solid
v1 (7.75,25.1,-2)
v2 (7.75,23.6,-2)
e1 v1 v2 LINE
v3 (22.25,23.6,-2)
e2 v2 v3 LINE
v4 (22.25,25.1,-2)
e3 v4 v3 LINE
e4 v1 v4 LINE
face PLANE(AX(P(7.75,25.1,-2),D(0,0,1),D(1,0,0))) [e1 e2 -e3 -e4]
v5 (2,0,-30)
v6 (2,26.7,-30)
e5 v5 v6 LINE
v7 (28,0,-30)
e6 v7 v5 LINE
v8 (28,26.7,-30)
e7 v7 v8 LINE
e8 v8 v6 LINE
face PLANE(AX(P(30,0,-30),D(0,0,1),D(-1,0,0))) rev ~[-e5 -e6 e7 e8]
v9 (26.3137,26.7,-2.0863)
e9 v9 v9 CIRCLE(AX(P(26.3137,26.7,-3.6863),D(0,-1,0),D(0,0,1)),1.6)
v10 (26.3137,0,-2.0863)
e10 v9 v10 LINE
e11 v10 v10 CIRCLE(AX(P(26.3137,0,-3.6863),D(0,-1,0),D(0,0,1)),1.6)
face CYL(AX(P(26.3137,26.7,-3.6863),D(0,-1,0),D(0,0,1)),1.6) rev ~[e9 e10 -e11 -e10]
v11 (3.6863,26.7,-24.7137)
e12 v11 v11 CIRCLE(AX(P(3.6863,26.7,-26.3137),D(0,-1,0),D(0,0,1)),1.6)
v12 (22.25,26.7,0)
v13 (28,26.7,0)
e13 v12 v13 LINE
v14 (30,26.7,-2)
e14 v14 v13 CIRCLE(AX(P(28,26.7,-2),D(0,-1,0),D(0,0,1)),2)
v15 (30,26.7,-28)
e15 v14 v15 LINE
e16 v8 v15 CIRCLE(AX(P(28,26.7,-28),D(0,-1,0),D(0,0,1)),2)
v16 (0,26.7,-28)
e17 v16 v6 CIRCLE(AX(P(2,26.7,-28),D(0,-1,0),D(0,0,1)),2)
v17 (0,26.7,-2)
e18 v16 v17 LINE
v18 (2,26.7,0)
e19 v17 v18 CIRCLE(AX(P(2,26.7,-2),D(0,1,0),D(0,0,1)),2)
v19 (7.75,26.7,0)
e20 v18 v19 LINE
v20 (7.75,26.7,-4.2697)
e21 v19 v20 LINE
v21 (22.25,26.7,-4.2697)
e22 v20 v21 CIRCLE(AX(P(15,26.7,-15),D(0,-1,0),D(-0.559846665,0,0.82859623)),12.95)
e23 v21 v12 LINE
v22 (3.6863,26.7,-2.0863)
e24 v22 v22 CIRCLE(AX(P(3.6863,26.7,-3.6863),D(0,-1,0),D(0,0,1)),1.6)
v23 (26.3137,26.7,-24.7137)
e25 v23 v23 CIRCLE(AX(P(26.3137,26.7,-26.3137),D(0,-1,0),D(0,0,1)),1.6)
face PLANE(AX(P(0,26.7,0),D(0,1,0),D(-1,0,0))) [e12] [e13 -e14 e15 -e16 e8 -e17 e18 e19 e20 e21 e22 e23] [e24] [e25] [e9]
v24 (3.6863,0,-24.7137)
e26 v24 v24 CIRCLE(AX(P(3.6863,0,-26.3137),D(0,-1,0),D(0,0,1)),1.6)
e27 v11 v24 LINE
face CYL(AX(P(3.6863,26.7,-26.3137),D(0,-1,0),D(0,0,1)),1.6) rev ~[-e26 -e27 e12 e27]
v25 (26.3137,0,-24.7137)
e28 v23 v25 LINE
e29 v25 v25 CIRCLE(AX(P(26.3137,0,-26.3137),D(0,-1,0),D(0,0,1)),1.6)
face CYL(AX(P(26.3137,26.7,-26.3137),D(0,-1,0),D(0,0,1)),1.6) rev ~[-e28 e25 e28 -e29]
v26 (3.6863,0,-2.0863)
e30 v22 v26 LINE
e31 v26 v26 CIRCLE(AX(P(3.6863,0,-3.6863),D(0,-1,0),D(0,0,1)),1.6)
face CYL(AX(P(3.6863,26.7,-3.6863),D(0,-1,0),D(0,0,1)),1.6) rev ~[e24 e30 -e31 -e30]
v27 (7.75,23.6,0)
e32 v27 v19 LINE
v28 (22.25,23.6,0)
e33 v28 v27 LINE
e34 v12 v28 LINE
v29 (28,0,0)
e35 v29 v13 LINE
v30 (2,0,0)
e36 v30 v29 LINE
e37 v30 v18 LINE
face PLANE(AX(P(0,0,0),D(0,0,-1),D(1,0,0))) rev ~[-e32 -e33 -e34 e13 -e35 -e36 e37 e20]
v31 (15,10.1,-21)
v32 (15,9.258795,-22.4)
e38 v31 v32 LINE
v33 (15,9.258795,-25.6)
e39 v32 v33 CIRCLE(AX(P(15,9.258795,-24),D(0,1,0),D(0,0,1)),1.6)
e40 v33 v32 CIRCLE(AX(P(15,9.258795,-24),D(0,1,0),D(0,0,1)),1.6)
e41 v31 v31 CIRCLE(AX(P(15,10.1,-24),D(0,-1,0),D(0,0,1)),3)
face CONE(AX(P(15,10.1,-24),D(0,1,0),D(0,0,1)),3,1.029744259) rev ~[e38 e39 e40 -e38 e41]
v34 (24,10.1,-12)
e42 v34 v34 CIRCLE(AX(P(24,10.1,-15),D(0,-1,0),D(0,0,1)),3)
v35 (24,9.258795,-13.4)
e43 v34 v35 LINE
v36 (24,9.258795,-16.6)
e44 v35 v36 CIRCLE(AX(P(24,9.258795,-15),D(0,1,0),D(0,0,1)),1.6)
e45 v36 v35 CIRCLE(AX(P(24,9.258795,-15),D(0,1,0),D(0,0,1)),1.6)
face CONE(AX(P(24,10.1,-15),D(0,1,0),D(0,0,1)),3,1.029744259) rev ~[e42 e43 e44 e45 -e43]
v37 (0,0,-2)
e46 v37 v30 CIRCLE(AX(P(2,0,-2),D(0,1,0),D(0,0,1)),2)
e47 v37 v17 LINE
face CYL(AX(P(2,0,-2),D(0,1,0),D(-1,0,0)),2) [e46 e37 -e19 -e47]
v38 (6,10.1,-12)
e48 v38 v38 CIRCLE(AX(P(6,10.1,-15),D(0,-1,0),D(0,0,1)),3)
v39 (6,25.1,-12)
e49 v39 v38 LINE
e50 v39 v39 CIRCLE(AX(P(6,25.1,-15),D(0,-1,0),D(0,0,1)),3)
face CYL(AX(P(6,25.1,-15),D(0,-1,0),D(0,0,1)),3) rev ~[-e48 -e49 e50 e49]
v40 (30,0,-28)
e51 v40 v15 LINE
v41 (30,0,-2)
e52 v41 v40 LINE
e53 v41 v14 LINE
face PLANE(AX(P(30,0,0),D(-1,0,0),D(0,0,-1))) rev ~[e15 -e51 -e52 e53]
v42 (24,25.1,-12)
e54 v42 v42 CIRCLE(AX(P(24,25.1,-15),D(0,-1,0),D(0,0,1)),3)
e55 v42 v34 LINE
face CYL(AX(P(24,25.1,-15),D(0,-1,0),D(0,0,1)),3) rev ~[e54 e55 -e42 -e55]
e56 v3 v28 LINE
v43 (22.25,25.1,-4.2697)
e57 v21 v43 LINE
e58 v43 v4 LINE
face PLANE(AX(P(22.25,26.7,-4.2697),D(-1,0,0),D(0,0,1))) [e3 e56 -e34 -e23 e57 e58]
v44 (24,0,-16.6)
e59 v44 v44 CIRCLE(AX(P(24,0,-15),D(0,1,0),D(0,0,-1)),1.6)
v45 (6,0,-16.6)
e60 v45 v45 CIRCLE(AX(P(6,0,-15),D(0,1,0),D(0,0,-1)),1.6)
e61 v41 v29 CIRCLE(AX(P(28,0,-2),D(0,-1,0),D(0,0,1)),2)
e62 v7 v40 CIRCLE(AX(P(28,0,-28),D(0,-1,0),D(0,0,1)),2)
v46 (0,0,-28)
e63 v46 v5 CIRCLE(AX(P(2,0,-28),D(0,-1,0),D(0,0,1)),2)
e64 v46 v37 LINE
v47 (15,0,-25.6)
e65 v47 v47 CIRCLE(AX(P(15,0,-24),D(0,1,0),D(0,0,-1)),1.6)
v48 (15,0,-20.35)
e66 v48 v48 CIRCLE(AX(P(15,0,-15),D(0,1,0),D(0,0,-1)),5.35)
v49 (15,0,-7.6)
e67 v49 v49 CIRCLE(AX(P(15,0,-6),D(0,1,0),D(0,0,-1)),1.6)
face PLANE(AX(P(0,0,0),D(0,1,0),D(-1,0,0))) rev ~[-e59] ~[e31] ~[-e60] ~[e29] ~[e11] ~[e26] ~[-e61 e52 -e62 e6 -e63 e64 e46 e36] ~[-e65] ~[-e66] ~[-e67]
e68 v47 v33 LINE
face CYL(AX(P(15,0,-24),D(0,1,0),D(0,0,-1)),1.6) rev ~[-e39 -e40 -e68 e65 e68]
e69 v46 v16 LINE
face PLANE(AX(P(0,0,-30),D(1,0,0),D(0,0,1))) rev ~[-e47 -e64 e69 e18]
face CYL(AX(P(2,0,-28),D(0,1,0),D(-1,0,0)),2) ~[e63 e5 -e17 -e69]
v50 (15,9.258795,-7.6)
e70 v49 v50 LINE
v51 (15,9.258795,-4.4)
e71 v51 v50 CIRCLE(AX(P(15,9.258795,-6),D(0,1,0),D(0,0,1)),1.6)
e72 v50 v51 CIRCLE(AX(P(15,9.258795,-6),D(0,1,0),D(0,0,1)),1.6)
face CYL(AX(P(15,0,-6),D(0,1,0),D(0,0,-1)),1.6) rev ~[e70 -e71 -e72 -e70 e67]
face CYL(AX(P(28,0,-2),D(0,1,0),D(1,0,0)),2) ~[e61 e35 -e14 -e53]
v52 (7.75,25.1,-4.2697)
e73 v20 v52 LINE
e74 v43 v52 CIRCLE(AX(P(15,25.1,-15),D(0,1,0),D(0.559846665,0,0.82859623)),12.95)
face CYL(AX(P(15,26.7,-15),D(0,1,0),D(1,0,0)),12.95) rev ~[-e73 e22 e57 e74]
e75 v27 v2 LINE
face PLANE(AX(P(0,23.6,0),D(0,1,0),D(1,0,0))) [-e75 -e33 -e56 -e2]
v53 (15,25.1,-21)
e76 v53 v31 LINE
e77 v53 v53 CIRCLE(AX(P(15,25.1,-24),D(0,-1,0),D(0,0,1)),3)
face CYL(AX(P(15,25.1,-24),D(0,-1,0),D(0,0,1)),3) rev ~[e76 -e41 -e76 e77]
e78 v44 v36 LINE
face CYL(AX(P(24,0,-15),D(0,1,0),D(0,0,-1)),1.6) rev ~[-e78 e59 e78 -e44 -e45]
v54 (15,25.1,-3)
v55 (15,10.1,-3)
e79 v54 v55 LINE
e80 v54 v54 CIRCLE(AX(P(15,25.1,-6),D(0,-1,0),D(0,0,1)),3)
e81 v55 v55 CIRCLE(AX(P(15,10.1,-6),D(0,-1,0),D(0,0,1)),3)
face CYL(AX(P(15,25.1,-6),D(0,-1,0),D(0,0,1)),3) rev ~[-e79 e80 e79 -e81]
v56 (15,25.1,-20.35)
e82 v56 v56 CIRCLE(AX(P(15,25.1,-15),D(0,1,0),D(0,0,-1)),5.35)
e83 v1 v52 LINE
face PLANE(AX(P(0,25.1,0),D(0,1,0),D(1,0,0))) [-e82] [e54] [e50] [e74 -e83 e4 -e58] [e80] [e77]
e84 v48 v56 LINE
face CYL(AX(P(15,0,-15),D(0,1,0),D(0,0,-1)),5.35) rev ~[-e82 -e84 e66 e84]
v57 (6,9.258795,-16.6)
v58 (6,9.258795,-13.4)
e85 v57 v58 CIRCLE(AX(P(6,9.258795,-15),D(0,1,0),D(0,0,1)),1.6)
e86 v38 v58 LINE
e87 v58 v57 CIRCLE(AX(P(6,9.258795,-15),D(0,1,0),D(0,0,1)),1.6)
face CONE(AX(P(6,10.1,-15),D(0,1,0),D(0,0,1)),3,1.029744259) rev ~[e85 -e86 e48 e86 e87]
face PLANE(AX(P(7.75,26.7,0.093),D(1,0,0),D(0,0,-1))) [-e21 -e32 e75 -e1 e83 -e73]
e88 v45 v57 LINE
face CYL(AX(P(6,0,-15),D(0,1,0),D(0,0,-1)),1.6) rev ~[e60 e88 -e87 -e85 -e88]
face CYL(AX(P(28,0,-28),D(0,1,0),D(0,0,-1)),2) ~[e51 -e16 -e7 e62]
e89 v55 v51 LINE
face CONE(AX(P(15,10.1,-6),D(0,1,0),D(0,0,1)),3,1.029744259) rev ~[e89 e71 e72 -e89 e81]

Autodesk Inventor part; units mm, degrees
ref_plane "YZ Plane" through (0, 0, 0) normal (1, 0, 0) x (0, 1, 0)
ref_plane "XZ Plane" through (0, 0, 0) normal (0, 1, 0) x (-1, 0, 0)
ref_plane "XY Plane" through (0, 0, 0) normal (0, 0, 1) x (1, 0, 0)
sketch "スケッチ4" plane through (0, 0, 0) normal (0, 1, 0) x (-1, 0, 0)
  line L0 (0, 0) -> (-30, 0)
  line L1 (-30, 0) -> (-30, -30)
  line L2 (-30, -30) -> (0, -30)
  line L3 (0, -30) -> (0, 0)
  dimension "d6" = 30
  dimension "d7" = 30
extrude "押し出し2" add sketch "スケッチ4" along normal blind 26.7
sketch "スケッチ5" plane through (0, 26.7, 0) normal (0, 1, 0) x (1, 0, 0)
  circle A0 centre (15, 15) radius 12.95
  line L0 (0, 30) -> (0, 0) projected
  line L1 (30, 30) -> (0, 30) projected
  line L2 (7.75, 4.2697) -> (22.25, 4.2697)
  line L3 (22.25, 4.2697) -> (22.25, -0.093)
  line L4 (22.25, -0.093) -> (7.75, -0.093)
  line L5 (7.75, -0.093) -> (7.75, 4.2697)
  point P0 (0, 15)
  point P1 (15, 30)
  point P2 (7.75, 2.0883)
  point P3 (22.25, 4.2697)
  dimension "d10" = 25.9
  dimension "d28" = 14.5
  dimension "d29" = 7.25
sketch "スケッチ6" plane through (0, 26.7, 0) normal (0, 1, 0) x (1, 0, 0)
  circle A0 centre (15, 15) radius 12.95 projected
  line L0 (30, 0) -> (30, 30) construction
  line L1 (30, 30) -> (0, 30) construction
  line L2 (0, 0) -> (30, 0) construction
  circle A1 centre (24.5802, 2.4198) radius 0 construction
  circle A2 centre (15, 15) radius 16 construction
  line L3 (30, 0) -> (0, 30) construction
  line L4 (0, 30) -> (0, 0) construction
  line L5 (0, 0) -> (30, 30) construction
  point P0 (24.5802, 2.4198)
  point P1 (3.6863, 3.6863)
  point P2 (3.6863, 26.3137)
  point P3 (26.3137, 26.3137)
  point P4 (26.3137, 3.6863)
  dimension "d61" = 32
fillet "フィレット1" radius 2 4 edges at (0, 13.35, -30) (0, 13.35, 0) (30, 13.35, 0) (30, 13.35, -30)
extrude "押し出し3" cut sketch "スケッチ5" against normal blind 1.6
sketch "スケッチ7" plane through (0, 0, 0) normal (0, -1, 0) x (1, 0, 0)
  line L0 (0, -28) -> (0, -2) projected
  line L1 (28, -30) -> (2, -30) projected
  point P0 (0, 0)
  point P1 (15, -15)
  point P2 (0, -15)
  point P3 (15, -30)
hole "穴3" at (15, 0, -15) direction (0, 1, 0) diameter 10.7 end through all
sketch "スケッチ8" plane through (0, 0, 0) normal (0, -1, 0) x (1, 0, 0)
  line L0 (0, -28) -> (0, -2) projected
  line L1 (28, -30) -> (2, -30) projected
  circle A0 centre (15, -15) radius 9
  point P0 (0, 0)
  point P1 (0, -15)
  point P2 (15, -30)
  point P3 (15, -24)
  point P4 (6, -15)
  point P5 (15, -6)
  point P6 (24, -15)
  dimension "d39" = 18
hole "穴4" at (15, 0, -15) at (15, 0, -24) at (6, 0, -15) at (15, 0, -6) at (24, 0, -15) direction (0, 1, 0) diameter 3.2 end through all
sketch "スケッチ9" plane through (0, 25.1, 0) normal (0, 1, 0) x (1, 0, 0)
  circle A0 centre (15, 6) radius 1.6 projected
  circle A1 centre (6, 15) radius 1.6 projected
  circle A2 centre (15, 24) radius 1.6 projected
  circle A3 centre (24, 15) radius 1.6 projected
  point P0 (0, 0)
hole "穴5" at (15, 25.1, -6) at (6, 25.1, -15) at (15, 25.1, -24) at (24, 25.1, -15) direction (0, -1, 0) diameter 6 depth 15 tip angle 118
sketch "スケッチ10" plane through (0, 26.7, 0) normal (0, 1, 0) x (1, 0, 0)
  circle A0 centre (24.5802, 2.4198) radius 1.1 projected
  circle A1 centre (2.4198, 2.4198) radius 1.1 projected
  circle A2 centre (2.4198, 24.5802) radius 1.1 projected
  circle A3 centre (24.5802, 24.5802) radius 1.1 projected
  point P0 (0, 0)
hole "穴6" [suppressed]
hole "穴7" at (3.6863, 26.7, -3.6863) at (3.6863, 26.7, -26.3137) at (26.3137, 26.7, -26.3137) at (26.3137, 26.7, -3.6863) direction (0, -1, 0) diameter 3.2 end through all
sketch "スケッチ11" plane through (0, 25.1, 0) normal (0, 1, 0) x (1, 0, 0)
  line L0 (7.75, 0) -> (7.75, 4.2697) projected
  line L1 (22.25, 0) -> (7.75, 0)
  line L2 (7.75, 0) -> (7.75, 2)
  line L3 (7.75, 2) -> (22.25, 2)
  line L4 (22.25, 2) -> (22.25, 0)
  dimension "d72" = 2
extrude "押し出し5" cut sketch "スケッチ11" against normal blind 1.5
properties part number "NewPart1_ver6"
